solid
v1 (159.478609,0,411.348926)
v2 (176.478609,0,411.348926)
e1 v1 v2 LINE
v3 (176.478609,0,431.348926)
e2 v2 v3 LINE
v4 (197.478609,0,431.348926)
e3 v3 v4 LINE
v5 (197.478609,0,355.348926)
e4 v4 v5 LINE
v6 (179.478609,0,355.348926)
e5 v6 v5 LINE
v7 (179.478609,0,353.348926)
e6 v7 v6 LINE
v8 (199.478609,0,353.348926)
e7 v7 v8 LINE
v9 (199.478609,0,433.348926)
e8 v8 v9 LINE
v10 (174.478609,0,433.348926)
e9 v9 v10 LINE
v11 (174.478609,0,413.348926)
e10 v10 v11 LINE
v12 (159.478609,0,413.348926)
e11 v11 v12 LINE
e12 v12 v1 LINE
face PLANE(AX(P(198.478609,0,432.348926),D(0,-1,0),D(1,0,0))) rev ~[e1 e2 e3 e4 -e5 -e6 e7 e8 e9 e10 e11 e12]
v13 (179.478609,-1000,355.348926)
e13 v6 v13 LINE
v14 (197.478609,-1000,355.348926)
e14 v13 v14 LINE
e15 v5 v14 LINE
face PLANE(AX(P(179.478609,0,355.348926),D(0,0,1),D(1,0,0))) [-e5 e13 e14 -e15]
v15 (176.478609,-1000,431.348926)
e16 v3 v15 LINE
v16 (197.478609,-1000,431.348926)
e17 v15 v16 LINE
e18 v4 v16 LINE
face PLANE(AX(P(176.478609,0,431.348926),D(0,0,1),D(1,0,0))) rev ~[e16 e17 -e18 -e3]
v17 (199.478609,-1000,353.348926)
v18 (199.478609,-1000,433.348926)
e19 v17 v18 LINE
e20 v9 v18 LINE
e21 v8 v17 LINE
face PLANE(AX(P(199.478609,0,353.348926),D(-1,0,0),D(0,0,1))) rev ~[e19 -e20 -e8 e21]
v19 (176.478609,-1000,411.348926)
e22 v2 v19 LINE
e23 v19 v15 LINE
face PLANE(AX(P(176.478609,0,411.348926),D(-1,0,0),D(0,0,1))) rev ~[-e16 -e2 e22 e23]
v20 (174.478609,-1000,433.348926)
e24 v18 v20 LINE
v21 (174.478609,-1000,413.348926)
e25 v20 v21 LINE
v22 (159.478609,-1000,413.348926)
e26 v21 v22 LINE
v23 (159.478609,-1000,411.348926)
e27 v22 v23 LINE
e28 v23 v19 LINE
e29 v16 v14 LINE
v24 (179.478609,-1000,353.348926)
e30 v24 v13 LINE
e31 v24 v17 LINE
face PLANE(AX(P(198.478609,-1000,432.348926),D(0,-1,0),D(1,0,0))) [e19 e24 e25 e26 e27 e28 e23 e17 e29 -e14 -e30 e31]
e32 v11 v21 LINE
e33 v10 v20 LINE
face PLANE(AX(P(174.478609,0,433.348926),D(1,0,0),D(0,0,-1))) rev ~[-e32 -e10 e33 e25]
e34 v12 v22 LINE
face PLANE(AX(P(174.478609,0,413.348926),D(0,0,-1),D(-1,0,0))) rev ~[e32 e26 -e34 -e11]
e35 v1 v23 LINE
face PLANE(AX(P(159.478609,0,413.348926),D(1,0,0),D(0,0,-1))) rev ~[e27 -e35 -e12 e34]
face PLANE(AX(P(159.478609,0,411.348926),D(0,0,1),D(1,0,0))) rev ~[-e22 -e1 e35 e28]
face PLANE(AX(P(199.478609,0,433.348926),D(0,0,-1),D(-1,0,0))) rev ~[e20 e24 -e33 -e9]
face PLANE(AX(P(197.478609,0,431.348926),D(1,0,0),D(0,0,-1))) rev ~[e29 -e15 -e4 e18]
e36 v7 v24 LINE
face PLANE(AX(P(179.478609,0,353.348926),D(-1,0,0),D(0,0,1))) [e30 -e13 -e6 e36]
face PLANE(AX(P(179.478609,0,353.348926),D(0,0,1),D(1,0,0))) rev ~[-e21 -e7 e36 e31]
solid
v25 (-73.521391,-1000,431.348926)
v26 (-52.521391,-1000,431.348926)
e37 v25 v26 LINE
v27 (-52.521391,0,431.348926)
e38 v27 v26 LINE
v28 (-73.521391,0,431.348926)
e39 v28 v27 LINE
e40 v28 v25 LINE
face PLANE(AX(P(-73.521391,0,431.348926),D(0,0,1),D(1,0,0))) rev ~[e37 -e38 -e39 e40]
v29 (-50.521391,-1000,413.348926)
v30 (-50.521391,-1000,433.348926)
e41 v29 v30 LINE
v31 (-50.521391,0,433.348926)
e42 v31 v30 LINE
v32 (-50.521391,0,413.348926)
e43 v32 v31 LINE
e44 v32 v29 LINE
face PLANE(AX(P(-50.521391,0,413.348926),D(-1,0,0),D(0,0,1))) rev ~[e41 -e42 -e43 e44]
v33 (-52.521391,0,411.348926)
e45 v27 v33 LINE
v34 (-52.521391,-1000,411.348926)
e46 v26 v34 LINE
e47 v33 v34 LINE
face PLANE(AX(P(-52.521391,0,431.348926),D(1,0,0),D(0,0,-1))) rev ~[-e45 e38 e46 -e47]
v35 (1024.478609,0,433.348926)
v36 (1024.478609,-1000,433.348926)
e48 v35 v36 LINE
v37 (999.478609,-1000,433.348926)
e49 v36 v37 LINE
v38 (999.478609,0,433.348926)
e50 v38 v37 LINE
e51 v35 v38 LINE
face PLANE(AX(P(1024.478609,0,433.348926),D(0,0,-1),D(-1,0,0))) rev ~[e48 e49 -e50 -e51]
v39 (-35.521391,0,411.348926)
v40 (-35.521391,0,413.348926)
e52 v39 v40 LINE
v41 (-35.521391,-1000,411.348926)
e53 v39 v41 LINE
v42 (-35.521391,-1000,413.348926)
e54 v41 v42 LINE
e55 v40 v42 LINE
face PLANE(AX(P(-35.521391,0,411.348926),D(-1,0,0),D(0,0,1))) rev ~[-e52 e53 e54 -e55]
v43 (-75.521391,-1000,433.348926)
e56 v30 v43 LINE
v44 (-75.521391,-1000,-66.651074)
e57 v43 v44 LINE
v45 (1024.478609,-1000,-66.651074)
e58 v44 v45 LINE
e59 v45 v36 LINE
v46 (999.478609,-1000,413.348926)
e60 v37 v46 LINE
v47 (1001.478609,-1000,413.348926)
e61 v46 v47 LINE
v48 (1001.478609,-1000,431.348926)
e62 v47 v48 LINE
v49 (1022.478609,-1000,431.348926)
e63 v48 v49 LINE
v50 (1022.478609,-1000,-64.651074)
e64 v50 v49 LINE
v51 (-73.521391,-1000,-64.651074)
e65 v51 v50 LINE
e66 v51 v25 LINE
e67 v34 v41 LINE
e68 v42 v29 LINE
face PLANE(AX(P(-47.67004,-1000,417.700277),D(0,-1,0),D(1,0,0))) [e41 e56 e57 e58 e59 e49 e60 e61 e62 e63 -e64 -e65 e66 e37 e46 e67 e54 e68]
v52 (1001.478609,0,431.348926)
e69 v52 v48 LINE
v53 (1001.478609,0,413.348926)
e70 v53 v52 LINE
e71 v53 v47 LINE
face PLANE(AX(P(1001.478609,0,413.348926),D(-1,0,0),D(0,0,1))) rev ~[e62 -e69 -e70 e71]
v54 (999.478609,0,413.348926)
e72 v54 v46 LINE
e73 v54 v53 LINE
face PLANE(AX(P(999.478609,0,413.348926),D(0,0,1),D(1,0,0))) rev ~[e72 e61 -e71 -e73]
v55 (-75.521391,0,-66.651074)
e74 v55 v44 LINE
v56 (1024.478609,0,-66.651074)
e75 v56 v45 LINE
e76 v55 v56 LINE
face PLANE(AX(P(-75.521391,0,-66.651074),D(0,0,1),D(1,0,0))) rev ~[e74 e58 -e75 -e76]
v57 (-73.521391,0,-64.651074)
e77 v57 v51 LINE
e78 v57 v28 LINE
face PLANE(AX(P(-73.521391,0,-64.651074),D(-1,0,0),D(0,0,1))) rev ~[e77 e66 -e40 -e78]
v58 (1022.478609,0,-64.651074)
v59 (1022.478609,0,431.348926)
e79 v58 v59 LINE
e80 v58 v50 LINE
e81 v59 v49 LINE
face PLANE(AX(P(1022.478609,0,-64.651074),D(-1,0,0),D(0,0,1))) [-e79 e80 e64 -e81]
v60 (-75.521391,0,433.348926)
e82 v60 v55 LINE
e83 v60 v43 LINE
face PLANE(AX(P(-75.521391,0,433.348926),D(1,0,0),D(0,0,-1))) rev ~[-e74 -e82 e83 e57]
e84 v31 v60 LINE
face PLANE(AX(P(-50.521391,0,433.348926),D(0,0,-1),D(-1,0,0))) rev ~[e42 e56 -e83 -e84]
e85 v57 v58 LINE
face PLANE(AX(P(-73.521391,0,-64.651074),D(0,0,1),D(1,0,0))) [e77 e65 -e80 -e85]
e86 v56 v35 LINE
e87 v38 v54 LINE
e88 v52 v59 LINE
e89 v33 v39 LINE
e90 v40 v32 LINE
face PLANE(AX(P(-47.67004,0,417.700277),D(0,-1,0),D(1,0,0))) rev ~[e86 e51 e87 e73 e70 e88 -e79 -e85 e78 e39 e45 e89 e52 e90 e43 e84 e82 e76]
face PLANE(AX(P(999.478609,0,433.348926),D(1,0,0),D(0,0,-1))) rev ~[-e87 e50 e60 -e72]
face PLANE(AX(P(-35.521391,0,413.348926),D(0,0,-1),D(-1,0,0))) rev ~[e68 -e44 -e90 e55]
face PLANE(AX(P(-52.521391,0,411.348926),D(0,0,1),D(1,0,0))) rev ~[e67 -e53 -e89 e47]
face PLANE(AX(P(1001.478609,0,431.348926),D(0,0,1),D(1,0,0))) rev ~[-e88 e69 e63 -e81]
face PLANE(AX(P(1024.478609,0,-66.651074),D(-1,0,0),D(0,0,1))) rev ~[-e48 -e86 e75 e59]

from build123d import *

# Parameters (mm, degrees)
F0_W     = 2
F0_H     = 2
F0_W_2   = 21
F0_H_2   = 496
F0_W_3   = 1096
F0_H_3   = 18
F0_H_4   = 76
F0_W_4   = 18
F1_DEPTH = 1000


with BuildPart() as f1:
    # F0 (on Front) → F1 (new body)
    with BuildSketch(Plane.XZ):
        Polygon((-35.521391, 411.348926), (-35.521391, 413.348926), (-50.521391, 413.348926), (-50.521391, 431.348926), (-52.521391, 431.348926), (-52.521391, 411.348926), (-50.521391, 411.348926), align=None)
        with Locations((-51.521391, 432.348926)):
            Rectangle(F0_W, F0_H)
        with Locations((-63.021391, 432.348926)):
            Rectangle(F0_W_2, F0_H)
        with Locations((-74.521391, 183.348926)):
            Rectangle(F0_W, F0_H_2)
        with Locations((-74.521391, 432.348926)):
            Rectangle(F0_W, F0_H)
        with Locations((474.478609, -65.651074)):
            Rectangle(F0_W_3, F0_H)
        with Locations((-74.521391, -65.651074)):
            Rectangle(F0_W, F0_H)
        with Locations((1023.478609, 183.348926)):
            Rectangle(F0_W, F0_H_2)
        with Locations((1023.478609, -65.651074)):
            Rectangle(F0_W, F0_H)
        with Locations((1011.978609, 432.348926)):
            Rectangle(F0_W_2, F0_H)
        with Locations((1023.478609, 432.348926)):
            Rectangle(F0_W, F0_H)
        with Locations((1000.478609, 422.348926)):
            Rectangle(F0_W, F0_H_3)
        with Locations((1000.478609, 432.348926)):
            Rectangle(F0_W, F0_H)
        with Locations((198.478609, 432.348926)):
            Rectangle(F0_W, F0_H)
        with Locations((198.478609, 393.348926)):
            Rectangle(F0_W, F0_H_4)
        with Locations((186.978609, 432.348926)):
            Rectangle(F0_W_2, F0_H)
        with Locations((198.478609, 354.348926)):
            Rectangle(F0_W, F0_H)
        with Locations((175.478609, 432.348926)):
            Rectangle(F0_W, F0_H)
        with Locations((188.478609, 354.348926)):
            Rectangle(F0_W_4, F0_H)
        Polygon((176.478609, 411.348926), (176.478609, 431.348926), (174.478609, 431.348926), (174.478609, 413.348926), (159.478609, 413.348926), (159.478609, 411.348926), align=None)
    extrude(amount=F1_DEPTH)


solid = f1.part
